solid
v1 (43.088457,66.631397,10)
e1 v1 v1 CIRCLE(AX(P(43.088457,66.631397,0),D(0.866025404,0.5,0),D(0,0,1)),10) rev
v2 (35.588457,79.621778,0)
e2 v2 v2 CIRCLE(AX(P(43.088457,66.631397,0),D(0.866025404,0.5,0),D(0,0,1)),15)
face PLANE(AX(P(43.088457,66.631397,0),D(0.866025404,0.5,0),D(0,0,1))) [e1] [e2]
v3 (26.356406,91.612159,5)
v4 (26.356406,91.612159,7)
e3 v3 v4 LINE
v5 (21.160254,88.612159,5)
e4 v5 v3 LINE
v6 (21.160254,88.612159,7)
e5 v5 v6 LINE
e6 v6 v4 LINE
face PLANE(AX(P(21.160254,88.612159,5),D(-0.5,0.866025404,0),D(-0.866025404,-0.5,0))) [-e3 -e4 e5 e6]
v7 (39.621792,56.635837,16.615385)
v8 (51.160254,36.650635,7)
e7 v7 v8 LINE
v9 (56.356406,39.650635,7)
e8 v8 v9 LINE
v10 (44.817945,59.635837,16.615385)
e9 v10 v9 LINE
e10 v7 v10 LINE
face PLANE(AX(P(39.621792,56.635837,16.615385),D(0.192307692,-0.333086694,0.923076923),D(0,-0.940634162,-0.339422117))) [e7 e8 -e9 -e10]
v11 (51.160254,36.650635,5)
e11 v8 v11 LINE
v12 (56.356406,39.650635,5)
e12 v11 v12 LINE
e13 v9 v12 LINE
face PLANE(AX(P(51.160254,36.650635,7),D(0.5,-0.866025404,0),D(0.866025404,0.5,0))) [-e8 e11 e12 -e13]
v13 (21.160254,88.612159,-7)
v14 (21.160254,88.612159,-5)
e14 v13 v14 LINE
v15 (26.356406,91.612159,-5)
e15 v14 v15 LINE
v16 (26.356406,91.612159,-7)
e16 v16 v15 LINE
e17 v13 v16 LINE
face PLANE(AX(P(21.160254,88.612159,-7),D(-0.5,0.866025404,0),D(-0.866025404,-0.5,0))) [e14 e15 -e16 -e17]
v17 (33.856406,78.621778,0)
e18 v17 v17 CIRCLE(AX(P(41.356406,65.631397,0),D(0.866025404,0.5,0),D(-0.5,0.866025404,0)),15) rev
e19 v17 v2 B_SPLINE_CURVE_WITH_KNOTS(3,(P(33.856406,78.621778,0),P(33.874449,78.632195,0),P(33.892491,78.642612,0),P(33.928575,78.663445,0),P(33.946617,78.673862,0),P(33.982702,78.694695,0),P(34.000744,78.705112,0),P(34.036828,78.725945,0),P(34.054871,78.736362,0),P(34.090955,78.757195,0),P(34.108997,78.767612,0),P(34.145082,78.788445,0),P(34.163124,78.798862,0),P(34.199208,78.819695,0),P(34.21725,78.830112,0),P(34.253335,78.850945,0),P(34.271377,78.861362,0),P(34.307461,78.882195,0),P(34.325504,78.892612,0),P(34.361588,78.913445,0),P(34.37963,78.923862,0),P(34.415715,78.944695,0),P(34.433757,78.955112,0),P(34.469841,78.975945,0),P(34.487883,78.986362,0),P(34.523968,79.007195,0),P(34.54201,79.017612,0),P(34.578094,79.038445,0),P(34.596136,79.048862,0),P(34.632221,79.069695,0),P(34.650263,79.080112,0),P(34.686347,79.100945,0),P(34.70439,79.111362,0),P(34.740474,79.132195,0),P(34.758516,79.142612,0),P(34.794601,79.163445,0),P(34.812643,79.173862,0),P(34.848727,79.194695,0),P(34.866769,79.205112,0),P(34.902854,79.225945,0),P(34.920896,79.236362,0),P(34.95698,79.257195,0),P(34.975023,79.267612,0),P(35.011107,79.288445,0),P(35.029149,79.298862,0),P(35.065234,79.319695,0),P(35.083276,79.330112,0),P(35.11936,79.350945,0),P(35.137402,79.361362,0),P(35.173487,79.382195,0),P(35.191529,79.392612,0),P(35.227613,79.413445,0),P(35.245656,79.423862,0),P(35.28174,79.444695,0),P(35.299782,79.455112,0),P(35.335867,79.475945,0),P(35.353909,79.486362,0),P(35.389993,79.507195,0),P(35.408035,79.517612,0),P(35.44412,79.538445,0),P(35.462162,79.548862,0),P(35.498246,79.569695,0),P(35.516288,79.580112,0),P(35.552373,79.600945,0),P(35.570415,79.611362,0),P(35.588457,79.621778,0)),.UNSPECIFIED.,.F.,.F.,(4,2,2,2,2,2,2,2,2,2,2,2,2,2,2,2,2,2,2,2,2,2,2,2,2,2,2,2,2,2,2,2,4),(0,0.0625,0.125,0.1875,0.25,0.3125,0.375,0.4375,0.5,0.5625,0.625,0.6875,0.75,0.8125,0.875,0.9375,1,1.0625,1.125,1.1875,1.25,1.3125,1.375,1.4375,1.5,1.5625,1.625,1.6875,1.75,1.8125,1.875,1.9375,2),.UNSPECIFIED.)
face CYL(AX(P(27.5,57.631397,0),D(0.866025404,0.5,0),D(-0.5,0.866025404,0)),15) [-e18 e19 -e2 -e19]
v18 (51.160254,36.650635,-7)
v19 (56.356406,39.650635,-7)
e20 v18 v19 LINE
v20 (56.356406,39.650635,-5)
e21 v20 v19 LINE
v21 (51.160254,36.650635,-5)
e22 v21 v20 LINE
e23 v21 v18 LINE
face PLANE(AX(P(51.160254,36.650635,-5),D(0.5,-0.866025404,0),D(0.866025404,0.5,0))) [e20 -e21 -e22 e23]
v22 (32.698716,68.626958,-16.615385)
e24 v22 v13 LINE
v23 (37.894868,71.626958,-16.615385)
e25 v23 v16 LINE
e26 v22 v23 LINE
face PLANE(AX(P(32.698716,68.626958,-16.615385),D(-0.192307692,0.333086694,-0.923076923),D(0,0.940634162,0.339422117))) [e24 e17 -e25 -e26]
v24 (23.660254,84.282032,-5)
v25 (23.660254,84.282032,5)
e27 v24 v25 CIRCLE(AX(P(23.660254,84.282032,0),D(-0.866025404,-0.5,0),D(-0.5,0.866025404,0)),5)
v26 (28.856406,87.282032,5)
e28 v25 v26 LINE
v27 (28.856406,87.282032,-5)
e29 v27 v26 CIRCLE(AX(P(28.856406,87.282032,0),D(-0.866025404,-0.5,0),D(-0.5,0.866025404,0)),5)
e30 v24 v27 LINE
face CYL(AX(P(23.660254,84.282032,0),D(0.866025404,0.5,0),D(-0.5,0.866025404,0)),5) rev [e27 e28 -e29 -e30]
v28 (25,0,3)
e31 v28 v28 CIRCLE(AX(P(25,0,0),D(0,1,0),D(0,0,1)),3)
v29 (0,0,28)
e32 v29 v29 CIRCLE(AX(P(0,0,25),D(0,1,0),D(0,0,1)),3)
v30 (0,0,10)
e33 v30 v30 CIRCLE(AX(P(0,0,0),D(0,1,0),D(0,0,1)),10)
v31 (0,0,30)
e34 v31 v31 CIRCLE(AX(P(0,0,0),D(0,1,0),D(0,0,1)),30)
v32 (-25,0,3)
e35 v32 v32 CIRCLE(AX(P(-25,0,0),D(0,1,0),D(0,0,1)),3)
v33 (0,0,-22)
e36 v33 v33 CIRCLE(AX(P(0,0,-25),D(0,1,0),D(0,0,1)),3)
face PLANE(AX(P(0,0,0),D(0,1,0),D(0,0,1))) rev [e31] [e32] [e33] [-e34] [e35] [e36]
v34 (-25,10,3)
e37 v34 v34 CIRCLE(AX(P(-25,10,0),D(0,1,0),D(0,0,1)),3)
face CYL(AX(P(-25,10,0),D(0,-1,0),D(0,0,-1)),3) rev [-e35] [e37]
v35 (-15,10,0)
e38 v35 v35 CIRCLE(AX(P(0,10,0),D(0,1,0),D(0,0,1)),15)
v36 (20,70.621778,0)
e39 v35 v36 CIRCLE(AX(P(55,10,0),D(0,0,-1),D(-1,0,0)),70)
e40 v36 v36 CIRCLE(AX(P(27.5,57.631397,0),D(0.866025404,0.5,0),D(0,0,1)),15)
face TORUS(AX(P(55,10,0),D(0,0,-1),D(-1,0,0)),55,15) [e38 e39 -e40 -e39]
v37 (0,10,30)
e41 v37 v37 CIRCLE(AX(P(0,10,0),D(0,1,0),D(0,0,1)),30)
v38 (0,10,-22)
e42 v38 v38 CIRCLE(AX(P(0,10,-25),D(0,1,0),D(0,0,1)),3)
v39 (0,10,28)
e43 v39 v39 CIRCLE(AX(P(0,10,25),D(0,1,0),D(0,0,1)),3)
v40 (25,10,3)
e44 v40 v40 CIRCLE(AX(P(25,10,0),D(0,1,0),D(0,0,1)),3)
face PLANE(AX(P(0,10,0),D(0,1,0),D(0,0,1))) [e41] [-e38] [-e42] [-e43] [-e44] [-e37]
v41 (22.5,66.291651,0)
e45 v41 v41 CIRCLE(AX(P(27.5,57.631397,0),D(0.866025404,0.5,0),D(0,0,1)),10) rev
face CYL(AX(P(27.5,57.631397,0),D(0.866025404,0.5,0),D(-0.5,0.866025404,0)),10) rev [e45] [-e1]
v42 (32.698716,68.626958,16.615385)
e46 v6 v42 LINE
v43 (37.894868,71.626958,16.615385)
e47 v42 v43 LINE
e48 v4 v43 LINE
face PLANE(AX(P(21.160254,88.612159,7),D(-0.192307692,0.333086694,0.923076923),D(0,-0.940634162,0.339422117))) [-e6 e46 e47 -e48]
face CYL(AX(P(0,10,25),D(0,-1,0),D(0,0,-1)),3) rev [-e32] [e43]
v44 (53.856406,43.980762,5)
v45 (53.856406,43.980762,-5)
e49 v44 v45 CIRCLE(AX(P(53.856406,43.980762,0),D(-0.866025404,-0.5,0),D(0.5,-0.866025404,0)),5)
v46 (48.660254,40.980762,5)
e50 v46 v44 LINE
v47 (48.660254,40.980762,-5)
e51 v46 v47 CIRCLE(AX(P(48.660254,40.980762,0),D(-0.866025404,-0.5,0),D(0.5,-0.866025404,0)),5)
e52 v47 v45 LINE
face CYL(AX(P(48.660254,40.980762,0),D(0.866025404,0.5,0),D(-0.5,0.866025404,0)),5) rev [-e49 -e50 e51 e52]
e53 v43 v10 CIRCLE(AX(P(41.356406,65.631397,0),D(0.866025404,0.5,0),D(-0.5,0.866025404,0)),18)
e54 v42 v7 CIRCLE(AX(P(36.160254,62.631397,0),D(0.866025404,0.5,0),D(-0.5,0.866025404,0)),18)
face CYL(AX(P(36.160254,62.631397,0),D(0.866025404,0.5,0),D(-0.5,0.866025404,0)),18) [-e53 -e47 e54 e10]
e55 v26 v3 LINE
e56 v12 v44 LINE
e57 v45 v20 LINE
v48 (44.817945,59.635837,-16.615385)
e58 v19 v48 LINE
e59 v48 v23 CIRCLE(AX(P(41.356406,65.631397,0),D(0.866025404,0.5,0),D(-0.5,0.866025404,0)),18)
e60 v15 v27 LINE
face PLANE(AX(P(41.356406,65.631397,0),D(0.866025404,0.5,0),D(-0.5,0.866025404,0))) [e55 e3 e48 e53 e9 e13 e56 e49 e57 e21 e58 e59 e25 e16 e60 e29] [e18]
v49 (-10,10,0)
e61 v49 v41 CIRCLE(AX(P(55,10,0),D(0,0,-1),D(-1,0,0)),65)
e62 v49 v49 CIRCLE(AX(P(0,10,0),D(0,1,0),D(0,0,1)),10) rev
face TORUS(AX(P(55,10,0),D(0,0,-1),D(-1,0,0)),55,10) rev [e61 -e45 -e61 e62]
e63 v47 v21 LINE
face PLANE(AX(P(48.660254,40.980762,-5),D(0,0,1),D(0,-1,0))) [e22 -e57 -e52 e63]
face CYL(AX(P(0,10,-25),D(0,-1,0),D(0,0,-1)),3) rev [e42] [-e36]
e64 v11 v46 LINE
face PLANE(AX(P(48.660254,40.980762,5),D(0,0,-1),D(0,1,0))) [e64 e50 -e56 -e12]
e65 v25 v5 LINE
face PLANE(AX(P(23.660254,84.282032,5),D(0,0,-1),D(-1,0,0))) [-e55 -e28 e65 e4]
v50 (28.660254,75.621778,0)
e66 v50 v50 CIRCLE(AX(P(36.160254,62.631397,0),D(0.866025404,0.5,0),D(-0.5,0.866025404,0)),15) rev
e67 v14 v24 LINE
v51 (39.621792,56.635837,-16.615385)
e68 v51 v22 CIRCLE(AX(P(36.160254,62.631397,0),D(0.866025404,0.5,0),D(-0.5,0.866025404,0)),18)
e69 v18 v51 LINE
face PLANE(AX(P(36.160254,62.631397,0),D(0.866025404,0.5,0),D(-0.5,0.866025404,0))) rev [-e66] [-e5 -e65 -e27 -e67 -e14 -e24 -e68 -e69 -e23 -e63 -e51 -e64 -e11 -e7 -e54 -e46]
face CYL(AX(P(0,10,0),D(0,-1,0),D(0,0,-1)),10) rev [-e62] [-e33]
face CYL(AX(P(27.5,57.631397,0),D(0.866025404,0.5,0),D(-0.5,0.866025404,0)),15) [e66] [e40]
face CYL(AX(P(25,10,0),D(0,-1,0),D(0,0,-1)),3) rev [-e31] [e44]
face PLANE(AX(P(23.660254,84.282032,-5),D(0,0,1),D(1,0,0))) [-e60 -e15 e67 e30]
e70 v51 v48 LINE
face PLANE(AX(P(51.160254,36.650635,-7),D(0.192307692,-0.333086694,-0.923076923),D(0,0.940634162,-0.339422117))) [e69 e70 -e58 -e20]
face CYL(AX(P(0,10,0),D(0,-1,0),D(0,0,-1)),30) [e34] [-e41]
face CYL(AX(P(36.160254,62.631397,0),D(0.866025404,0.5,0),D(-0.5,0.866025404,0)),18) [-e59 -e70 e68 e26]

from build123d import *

# Parameters (mm, degrees)
SKETCH_1_R      = 30
SKETCH_1_R_2    = 10
SKETCH_1_R_3    = 3
EXTRUDE_1_DEPTH = 10
SKETCH_2_R      = 15
SKETCH_2_R_2    = 10
EXTRUDE_START   = -6
SKETCH_5_R      = 10
EXTRUDE_2_DEPTH = 6


with BuildPart() as part:
    # 草图1 → 凸台-拉伸1 (new body)
    with BuildSketch(Plane(origin=(0, 0, 0), x_dir=(1, 0, 0), z_dir=(0, 1, 0))):
        with Locations(Location((0, 0, 0), (0, 0, 270))):
            Circle(SKETCH_1_R)
        with Locations(Location((0, 0, 0), (0, 0, 270))):
            Circle(SKETCH_1_R_2, mode=Mode.SUBTRACT)
        with Locations(Location((25, 0, 0), (0, 0, 270))):
            Circle(SKETCH_1_R_3, mode=Mode.SUBTRACT)
        with Locations(Location((0, -25, 0), (0, 0, 270))):
            Circle(SKETCH_1_R_3, mode=Mode.SUBTRACT)
        with Locations(Location((-25, 0, 0), (0, 0, 270))):
            Circle(SKETCH_1_R_3, mode=Mode.SUBTRACT)
        with Locations(Location((0, 25, 0), (0, 0, 270))):
            Circle(SKETCH_1_R_3, mode=Mode.SUBTRACT)
    extrude(amount=EXTRUDE_1_DEPTH)

    # 扫描1: sweep along a path in 草图3
    with BuildLine(Plane.XY) as sweep_1_path:
        Line((43.088457268, 66.631397208), (27.5, 57.631397208))
        ThreePointArc((27.5, 57.631397208), (7.368602792, 37.5), (0, 10))
    # 草图2 → 扫描1 (sweep)
    with BuildSketch(Plane(origin=(0, 10, 0), x_dir=(1, 0, 0), z_dir=(0, 1, 0))):
        Circle(SKETCH_2_R)
        Circle(SKETCH_2_R_2, mode=Mode.SUBTRACT)
    sweep(path=sweep_1_path.line)

    # 草图5 → 凸台-拉伸2 (add)
    with BuildSketch(Plane(origin=(59.436533479, 34.315698604, 0), x_dir=(0, 0, -1), z_dir=(0.866025403784436, 0.5000000000000044, 0)).offset(EXTRUDE_START)):
        with BuildLine():
            Line((-7, 6.160254038), (-5, 6.160254038))
            Line((-5, 6.160254038), (-5, 11.160254038))
            ThreePointArc((-5, 11.160254038), (0, 16.160254038), (5, 11.160254038))
            Line((5, 11.160254038), (5, 6.160254038))
            Line((5, 6.160254038), (7, 6.160254038))
            Line((7, 6.160254038), (16.615384615, 29.237177115))
            ThreePointArc((16.615384615, 29.237177115), (18, 36.160254038), (16.615384615, 43.083330961))
            Line((16.615384615, 43.083330961), (7, 66.160254038))
            Line((7, 66.160254038), (5, 66.160254038))
            Line((5, 66.160254038), (5, 61.160254038))
            ThreePointArc((5, 61.160254038), (0, 56.160254038), (-5, 61.160254038))
            Line((-5, 61.160254038), (-5, 66.160254038))
            Line((-5, 66.160254038), (-7, 66.160254038))
            Line((-7, 66.160254038), (-16.615384615, 43.083330961))
            ThreePointArc((-16.615384615, 43.083330961), (-18, 36.160254038), (-16.615384615, 29.237177115))
            Line((-16.615384615, 29.237177115), (-7, 6.160254038))
        make_face()
        with Locations(Location((0, 36.160254038, 0), (0, 0, 90))):
            Circle(SKETCH_5_R, mode=Mode.SUBTRACT)
    extrude(amount=EXTRUDE_2_DEPTH)


solid = part.part
